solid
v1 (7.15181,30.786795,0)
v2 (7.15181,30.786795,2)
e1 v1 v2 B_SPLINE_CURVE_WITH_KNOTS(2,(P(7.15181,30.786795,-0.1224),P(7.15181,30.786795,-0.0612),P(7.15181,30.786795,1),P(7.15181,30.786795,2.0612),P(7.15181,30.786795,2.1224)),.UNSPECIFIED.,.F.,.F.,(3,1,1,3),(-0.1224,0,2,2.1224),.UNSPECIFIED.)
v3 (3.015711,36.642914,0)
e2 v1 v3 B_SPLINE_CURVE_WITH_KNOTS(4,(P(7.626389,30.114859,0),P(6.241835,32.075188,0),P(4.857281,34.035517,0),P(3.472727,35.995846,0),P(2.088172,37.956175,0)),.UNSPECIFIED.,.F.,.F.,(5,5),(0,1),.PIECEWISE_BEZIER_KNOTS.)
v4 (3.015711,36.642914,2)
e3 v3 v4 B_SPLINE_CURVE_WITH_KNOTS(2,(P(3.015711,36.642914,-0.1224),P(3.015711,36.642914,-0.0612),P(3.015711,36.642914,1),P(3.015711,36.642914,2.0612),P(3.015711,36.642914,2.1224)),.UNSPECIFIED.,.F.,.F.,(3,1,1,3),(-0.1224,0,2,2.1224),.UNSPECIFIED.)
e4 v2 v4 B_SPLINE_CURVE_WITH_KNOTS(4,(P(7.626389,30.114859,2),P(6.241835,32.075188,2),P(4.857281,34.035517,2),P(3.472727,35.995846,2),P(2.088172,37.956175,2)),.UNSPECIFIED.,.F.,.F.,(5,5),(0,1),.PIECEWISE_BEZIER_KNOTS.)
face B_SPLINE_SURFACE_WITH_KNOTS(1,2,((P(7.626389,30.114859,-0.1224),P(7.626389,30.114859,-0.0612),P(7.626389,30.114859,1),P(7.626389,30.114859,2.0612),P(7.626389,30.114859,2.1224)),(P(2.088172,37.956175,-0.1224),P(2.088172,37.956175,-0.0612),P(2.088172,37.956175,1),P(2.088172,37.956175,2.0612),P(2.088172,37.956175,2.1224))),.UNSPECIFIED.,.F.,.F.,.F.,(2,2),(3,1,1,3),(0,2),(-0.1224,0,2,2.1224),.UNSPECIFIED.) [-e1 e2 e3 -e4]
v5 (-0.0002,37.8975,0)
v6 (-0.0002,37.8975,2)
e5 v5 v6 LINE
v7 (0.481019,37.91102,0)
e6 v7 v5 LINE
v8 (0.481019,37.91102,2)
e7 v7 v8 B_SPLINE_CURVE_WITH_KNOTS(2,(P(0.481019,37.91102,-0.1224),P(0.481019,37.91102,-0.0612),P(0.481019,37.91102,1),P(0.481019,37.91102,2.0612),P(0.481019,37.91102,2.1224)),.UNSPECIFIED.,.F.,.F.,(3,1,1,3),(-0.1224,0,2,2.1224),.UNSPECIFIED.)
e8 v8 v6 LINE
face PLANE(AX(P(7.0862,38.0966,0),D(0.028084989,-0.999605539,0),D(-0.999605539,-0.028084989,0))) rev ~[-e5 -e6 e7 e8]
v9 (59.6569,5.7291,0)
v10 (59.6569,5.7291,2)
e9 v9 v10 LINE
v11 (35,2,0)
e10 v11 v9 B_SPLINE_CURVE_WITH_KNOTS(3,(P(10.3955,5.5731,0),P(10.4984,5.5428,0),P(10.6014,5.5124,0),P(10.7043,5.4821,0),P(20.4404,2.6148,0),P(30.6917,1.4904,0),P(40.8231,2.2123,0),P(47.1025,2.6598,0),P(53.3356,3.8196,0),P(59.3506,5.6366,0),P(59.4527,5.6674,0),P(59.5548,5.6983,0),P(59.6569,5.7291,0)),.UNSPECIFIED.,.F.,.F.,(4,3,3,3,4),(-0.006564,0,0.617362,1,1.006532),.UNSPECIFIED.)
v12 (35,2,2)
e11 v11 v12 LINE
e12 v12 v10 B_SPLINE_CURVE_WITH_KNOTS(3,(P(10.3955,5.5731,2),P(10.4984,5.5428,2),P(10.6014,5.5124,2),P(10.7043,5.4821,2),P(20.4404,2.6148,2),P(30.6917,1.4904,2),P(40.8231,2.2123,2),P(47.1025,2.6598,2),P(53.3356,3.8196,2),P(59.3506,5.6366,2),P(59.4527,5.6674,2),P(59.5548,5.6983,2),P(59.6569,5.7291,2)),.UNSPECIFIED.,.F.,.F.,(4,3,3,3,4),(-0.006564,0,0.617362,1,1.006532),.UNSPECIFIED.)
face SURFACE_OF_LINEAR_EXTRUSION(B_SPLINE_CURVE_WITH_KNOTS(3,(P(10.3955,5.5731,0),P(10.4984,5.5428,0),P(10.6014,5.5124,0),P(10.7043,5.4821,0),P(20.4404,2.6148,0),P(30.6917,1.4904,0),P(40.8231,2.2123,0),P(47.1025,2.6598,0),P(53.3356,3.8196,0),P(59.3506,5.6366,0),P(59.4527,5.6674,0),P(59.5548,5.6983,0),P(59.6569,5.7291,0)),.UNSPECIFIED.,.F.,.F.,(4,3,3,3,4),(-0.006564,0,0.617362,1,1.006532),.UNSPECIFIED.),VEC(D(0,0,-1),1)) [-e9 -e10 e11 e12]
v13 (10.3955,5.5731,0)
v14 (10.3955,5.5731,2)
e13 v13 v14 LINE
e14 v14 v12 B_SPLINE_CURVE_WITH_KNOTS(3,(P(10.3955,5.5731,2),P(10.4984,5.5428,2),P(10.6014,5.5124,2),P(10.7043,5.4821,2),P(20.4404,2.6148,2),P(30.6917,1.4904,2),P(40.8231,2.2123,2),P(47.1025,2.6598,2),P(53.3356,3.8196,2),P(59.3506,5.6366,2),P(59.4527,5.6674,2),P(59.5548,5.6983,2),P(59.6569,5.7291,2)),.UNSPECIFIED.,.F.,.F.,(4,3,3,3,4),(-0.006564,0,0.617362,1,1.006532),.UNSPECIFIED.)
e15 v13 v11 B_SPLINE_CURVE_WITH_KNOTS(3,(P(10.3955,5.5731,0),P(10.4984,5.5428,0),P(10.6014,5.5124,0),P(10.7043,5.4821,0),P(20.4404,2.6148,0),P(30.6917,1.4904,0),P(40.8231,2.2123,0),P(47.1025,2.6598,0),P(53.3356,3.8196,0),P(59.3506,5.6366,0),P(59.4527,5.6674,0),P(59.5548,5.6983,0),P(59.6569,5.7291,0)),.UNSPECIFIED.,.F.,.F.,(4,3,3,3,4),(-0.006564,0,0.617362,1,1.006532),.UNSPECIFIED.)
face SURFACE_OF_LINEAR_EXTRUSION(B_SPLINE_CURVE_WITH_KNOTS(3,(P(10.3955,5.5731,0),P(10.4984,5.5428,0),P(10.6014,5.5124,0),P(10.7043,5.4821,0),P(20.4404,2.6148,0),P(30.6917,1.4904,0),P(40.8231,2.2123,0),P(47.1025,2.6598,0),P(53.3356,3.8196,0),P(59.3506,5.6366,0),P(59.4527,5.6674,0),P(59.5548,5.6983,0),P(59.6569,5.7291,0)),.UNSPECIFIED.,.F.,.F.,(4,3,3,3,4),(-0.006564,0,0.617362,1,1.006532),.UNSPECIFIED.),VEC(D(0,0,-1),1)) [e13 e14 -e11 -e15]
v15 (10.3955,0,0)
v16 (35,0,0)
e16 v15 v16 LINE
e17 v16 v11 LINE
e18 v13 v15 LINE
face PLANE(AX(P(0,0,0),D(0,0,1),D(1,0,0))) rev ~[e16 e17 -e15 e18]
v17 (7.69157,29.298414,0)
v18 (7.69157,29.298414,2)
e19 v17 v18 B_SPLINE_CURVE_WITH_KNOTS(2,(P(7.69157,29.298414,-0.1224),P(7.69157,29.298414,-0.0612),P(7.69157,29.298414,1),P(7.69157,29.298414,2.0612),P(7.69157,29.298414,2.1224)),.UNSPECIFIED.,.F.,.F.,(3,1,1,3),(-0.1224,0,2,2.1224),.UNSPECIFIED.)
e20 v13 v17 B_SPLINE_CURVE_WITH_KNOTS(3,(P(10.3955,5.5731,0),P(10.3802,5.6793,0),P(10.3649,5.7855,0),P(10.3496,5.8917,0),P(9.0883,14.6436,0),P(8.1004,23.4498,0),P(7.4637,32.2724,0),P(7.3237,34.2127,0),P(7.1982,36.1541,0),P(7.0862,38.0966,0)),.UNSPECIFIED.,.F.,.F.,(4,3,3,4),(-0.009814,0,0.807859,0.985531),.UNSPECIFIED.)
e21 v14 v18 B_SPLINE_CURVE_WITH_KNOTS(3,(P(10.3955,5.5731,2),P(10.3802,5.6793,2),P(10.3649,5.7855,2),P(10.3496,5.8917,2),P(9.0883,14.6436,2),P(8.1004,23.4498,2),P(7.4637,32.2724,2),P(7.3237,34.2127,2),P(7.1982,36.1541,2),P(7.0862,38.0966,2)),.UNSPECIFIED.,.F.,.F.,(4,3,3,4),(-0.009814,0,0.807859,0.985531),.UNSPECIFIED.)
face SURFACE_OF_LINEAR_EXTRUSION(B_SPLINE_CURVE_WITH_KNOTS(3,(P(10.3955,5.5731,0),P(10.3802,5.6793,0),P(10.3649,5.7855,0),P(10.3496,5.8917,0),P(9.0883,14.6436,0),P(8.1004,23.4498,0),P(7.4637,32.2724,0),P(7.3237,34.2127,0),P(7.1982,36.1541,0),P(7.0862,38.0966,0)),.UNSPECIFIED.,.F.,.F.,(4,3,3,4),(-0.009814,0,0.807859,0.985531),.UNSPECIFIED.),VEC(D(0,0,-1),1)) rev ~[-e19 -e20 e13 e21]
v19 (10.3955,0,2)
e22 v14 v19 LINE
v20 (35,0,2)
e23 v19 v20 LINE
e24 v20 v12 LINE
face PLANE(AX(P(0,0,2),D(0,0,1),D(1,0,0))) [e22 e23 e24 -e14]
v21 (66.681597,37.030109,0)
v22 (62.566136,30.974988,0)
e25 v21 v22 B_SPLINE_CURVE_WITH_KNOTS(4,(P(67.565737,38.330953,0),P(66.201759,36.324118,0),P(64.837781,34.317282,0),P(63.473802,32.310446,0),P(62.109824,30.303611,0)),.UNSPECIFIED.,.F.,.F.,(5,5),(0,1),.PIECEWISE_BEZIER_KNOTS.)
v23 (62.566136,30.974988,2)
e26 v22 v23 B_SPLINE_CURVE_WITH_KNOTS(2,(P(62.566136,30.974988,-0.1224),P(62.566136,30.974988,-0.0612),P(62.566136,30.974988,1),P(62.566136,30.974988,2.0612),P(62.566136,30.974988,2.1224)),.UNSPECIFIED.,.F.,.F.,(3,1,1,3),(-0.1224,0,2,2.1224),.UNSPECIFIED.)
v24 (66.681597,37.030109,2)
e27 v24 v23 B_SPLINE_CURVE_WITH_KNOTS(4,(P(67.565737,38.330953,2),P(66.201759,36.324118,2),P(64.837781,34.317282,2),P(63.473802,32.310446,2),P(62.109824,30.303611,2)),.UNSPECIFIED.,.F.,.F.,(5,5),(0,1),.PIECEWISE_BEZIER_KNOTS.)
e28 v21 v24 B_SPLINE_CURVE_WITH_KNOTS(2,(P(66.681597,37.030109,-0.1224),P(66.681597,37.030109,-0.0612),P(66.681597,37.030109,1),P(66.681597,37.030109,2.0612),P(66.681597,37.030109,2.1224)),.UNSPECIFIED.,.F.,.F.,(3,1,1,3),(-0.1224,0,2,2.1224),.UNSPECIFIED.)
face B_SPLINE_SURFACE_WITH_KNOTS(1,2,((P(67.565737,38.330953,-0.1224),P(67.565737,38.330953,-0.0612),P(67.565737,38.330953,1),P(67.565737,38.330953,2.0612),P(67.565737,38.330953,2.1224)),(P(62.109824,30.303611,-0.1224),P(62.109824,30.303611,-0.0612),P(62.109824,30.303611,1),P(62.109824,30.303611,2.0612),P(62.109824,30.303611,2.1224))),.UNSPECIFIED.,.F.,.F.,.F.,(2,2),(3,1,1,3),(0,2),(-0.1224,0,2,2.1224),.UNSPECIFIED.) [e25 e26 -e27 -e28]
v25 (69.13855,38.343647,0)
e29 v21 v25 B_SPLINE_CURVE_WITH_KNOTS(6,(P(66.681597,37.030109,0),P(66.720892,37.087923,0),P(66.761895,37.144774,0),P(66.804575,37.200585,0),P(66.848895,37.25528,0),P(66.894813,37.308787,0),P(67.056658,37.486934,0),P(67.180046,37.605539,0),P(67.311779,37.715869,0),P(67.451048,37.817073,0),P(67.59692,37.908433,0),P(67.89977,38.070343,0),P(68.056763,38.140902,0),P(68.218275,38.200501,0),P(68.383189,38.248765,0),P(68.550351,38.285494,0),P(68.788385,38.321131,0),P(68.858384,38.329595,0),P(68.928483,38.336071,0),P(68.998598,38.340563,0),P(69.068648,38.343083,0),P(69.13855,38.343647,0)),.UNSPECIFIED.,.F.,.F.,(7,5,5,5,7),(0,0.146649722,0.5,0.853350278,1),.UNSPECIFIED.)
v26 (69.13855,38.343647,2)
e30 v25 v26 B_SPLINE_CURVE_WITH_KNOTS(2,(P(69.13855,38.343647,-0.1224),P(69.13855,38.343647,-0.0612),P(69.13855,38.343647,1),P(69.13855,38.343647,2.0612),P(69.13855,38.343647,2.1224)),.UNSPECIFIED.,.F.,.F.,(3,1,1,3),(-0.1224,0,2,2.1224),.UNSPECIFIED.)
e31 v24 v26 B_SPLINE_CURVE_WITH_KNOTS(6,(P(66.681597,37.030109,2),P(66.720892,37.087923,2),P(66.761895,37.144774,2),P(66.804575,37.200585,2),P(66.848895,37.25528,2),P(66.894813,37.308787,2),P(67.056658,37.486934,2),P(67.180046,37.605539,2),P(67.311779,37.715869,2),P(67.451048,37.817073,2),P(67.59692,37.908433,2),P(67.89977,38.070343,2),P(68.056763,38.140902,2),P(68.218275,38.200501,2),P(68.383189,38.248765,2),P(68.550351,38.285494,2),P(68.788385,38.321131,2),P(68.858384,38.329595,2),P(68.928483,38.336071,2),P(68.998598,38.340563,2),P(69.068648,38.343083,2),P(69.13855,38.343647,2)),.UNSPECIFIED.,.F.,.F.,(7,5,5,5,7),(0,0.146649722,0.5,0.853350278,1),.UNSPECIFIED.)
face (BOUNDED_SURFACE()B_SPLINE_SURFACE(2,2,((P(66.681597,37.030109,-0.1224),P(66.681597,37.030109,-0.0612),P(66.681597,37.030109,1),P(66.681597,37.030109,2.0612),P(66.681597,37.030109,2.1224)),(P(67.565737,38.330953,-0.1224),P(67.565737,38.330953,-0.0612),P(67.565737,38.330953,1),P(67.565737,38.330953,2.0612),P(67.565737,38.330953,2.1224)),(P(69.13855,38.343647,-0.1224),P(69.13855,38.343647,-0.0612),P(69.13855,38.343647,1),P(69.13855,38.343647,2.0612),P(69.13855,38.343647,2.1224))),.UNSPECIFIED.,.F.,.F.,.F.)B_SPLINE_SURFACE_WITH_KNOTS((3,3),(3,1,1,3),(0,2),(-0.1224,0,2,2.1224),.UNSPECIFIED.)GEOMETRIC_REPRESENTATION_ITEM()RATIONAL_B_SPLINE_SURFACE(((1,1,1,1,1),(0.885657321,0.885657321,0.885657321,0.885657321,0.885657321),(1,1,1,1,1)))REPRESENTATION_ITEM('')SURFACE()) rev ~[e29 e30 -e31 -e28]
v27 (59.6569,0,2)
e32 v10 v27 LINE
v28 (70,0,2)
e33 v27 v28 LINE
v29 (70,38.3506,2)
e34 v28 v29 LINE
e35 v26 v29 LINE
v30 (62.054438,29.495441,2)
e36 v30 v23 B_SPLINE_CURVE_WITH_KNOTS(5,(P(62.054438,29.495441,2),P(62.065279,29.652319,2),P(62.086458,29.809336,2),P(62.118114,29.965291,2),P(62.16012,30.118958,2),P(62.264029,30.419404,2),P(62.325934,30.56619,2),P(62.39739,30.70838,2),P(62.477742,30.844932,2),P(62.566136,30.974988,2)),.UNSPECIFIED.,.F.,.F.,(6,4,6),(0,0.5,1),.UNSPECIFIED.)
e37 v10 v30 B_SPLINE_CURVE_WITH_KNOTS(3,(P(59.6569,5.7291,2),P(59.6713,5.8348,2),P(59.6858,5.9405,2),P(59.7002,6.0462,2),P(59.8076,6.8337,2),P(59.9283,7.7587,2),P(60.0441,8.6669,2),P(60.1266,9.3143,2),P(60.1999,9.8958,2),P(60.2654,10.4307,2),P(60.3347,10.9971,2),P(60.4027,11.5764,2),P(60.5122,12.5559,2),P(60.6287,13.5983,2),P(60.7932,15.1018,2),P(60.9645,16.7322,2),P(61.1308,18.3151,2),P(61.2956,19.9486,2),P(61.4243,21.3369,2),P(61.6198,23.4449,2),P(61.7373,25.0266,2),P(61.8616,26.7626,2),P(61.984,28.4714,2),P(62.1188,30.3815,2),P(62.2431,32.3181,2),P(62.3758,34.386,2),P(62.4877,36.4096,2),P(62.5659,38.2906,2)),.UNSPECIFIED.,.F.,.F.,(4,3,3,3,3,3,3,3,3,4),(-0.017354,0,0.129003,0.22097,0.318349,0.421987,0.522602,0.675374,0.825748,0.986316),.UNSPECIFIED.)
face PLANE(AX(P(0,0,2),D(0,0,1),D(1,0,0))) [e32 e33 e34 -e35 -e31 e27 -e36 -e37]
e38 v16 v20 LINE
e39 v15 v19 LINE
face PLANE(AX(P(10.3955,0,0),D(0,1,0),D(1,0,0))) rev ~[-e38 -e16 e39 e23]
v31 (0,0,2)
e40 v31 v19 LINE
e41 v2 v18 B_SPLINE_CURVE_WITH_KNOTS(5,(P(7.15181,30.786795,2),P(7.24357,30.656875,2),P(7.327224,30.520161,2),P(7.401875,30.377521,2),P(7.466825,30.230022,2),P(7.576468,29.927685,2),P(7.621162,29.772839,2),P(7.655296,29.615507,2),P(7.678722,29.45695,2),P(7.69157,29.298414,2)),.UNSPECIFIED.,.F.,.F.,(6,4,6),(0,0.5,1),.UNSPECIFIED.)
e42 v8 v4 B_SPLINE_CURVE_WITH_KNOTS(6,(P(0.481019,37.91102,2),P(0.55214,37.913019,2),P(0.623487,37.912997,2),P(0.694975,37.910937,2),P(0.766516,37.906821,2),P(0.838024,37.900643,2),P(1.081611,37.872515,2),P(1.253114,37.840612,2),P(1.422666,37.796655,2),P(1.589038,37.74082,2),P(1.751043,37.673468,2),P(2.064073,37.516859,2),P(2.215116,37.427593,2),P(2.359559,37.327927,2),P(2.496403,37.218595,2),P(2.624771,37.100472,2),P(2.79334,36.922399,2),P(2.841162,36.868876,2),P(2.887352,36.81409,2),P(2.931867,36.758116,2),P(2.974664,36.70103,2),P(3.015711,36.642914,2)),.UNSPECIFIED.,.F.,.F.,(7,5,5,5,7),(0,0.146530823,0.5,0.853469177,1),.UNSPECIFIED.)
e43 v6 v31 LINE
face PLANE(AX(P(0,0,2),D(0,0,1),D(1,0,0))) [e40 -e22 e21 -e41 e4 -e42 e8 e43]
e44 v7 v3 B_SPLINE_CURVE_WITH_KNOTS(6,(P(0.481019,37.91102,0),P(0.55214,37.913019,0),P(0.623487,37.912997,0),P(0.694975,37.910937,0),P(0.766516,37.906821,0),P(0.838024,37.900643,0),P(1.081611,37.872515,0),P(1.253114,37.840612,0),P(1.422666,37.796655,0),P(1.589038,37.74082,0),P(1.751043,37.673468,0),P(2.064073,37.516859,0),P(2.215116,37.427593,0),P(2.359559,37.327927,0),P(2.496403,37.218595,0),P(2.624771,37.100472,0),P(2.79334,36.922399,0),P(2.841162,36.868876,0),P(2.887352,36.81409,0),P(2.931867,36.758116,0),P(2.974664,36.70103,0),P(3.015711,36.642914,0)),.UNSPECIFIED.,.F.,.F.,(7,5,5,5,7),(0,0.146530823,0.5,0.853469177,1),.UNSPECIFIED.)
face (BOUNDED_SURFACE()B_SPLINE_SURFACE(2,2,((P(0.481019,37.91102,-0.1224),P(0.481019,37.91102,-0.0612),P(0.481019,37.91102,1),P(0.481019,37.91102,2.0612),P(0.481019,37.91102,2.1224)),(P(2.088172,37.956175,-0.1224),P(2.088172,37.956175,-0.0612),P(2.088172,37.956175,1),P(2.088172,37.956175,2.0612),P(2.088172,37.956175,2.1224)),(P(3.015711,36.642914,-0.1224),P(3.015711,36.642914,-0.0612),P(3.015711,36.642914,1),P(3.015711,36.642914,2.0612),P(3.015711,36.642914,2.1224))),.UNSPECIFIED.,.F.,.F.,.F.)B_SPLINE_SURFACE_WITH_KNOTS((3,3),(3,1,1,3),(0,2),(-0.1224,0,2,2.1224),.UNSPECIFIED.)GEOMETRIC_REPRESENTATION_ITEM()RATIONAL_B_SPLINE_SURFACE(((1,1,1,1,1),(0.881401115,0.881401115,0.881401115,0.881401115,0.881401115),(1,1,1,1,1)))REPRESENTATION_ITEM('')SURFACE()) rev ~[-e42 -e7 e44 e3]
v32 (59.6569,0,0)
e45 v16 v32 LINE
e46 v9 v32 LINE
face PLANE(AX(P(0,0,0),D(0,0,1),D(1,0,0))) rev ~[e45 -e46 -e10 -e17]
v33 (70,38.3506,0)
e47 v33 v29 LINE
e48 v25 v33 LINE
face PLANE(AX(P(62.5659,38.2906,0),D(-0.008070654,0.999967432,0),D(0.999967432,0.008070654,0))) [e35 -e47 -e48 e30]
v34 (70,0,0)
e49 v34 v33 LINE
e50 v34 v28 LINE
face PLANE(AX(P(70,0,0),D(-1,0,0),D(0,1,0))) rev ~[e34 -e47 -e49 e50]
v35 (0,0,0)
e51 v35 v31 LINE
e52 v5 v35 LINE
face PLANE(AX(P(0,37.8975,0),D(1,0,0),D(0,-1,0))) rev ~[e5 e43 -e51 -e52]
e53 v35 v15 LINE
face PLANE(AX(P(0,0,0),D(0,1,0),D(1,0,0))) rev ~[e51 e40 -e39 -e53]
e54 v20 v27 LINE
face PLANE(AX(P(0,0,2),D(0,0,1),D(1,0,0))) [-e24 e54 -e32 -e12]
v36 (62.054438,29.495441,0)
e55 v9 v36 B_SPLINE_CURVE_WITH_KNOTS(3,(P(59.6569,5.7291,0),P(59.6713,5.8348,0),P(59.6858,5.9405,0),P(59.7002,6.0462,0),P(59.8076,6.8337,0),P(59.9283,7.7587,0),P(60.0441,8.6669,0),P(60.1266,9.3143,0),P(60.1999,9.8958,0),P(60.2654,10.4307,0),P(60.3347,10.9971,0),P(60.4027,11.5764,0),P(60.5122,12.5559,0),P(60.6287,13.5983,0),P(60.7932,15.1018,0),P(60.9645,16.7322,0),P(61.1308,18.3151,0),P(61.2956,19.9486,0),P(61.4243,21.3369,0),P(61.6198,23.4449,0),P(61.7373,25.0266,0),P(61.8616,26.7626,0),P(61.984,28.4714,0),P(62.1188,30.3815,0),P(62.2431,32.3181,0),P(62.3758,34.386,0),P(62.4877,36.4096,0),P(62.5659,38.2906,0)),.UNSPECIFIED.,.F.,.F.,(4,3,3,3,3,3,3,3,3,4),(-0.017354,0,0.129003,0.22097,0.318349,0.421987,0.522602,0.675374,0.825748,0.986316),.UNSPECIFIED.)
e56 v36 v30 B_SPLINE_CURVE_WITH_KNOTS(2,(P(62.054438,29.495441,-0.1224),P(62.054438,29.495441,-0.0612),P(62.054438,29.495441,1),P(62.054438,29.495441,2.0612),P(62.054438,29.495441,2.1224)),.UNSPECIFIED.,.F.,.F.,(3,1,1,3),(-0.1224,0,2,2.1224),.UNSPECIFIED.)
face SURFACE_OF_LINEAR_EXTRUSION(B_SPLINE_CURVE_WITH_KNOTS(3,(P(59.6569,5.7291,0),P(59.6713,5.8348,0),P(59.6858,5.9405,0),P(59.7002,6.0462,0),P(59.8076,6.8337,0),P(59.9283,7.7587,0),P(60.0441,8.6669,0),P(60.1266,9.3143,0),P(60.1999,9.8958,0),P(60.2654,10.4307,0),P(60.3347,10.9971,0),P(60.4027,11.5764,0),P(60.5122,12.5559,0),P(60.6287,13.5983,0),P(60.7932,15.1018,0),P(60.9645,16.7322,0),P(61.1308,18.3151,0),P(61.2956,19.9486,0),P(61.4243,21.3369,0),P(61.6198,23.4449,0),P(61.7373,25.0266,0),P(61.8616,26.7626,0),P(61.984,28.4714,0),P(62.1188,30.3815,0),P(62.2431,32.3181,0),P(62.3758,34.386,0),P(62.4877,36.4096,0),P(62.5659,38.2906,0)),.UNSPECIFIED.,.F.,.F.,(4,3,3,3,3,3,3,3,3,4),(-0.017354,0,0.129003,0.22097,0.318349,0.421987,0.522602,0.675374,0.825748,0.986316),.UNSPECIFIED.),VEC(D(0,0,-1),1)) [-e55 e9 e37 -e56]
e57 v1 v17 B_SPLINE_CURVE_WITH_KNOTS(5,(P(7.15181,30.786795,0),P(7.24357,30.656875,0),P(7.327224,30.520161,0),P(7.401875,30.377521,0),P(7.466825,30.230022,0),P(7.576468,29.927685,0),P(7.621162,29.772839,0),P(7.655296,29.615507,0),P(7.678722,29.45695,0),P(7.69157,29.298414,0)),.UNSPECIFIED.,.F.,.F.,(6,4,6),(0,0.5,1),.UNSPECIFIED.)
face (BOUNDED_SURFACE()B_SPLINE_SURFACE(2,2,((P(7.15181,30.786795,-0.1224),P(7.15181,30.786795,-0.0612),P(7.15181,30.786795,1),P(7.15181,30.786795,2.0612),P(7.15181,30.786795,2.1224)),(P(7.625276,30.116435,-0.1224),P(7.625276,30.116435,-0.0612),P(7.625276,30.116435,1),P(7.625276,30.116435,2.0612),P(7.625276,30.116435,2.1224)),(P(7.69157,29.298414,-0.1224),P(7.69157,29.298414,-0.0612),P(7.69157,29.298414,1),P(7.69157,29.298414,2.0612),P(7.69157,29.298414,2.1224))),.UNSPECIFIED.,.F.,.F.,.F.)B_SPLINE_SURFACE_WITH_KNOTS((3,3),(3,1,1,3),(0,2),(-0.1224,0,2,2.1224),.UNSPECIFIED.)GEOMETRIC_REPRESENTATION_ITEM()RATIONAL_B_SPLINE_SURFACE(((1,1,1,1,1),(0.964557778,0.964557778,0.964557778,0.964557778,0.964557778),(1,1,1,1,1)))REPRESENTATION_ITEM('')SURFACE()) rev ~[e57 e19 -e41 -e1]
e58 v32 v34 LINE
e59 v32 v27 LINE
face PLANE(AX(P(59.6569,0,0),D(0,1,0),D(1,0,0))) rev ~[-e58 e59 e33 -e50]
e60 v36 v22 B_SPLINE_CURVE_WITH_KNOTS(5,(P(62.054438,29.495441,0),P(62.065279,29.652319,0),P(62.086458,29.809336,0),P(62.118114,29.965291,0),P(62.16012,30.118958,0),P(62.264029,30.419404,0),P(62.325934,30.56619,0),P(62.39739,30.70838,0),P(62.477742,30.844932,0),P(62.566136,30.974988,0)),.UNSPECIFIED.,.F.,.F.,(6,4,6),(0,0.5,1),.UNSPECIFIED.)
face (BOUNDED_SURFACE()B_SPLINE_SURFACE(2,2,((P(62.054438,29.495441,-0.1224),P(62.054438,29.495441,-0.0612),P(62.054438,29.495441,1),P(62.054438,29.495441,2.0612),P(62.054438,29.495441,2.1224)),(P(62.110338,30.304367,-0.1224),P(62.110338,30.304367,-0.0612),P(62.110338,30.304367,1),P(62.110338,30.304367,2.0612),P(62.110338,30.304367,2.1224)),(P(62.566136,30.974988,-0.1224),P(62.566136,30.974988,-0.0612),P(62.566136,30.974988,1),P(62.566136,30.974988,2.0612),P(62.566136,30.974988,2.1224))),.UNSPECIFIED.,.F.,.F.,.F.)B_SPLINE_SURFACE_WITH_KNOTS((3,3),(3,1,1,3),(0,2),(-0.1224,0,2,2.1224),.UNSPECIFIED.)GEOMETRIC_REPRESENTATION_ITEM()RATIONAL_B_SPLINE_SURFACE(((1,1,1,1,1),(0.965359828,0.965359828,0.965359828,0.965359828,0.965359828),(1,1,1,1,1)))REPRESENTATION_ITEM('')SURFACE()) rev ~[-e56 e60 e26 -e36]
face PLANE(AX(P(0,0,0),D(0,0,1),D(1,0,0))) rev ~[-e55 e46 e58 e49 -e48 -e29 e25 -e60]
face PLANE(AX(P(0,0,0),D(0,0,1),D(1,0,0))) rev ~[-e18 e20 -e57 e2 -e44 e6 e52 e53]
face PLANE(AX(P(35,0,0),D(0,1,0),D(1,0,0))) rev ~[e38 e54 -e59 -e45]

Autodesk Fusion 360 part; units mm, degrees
sketch "Sketch1" plane through (0, 0, 0) normal (0, 0, 1) x (1, 0, 0)
  line L0 (0, 0) -> (70, 0)
  line L1 (70, 0) -> (70, 70)
  line L2 (70, 70) -> (0, 70)
  line L3 (0, 70) -> (0, 0)
  line L4 (35, 0) -> (35, 2)
  line L5 (7.0862, 38.0966) -> (-0.0002, 37.8975)
  spline S0 degree 3 poles (10.3955, 5.5731) (10.3802, 5.6793) (10.3649, 5.7855) (10.3496, 5.8917) (9.0883, 14.6436) (8.1004, 23.4498) (7.4637, 32.2724) (7.3237, 34.2127) (7.1982, 36.1541) (7.0862, 38.0966) knots -0.009814 -0.009814 -0.009814 -0.009814 0 0 0 0.807859 0.807859 0.807859 0.985531 0.985531 0.985531 0.985531
  spline S1 degree 3 poles (10.3955, 5.5731) (10.4984, 5.5428) (10.6014, 5.5124) (10.7043, 5.4821) (20.4404, 2.6148) (30.6917, 1.4904) (40.8231, 2.2123) (47.1025, 2.6598) (53.3356, 3.8196) (59.3506, 5.6366) (59.4527, 5.6674) (59.5548, 5.6983) (59.6569, 5.7291) knots -0.006564 -0.006564 -0.006564 -0.006564 0 0 0 0.617362 0.617362 0.617362 1 1 1 1.006532 1.006532 1.006532 1.006532
  spline S2 degree 3 poles (59.6569, 5.7291) (59.6713, 5.8348) (59.6858, 5.9405) (59.7002, 6.0462) (59.8076, 6.8337) (59.9283, 7.7587) (60.0441, 8.6669) (60.1266, 9.3143) (60.1999, 9.8958) (60.2654, 10.4307) (60.3347, 10.9971) (60.4027, 11.5764) (60.5122, 12.5559) (60.6287, 13.5983) (60.7932, 15.1018) (60.9645, 16.7322) (61.1308, 18.3151) (61.2956, 19.9486) (61.4243, 21.3369) (61.6198, 23.4449) (61.7373, 25.0266) (61.8616, 26.7626) (61.984, 28.4714) (62.1188, 30.3815) (62.2431, 32.3181) (62.3758, 34.386) (62.4877, 36.4096) (62.5659, 38.2906) knots -0.017354 -0.017354 -0.017354 -0.017354 0 0 0 0.129003 0.129003 0.129003 0.22097 0.22097 0.22097 0.318349 0.318349 0.318349 0.421987 0.421987 0.421987 0.522602 0.522602 0.522602 0.675374 0.675374 0.675374 0.825748 0.825748 0.825748 0.986316 0.986316 0.986316 0.986316
  line L6 (62.5659, 38.2906) -> (70, 38.3506)
  line L7 (10.3955, 5.5731) -> (10.3955, 0)
  line L8 (59.6569, 5.7291) -> (59.6569, 0)
  dimension "d2" = 70
  dimension "d3" = 70
  dimension "d4" = 2
extrude "Extrude1" add sketch "Sketch1" along normal blind 2 contours L0 L3 L5 S0 L7 | L0 L4 S1 L7 | L0 L4 S1 L8 | L0 L1 S2 L6 L8
chamfer "Chamfer2" distance 5 distance2 8 1 edges at (62.5659, 38.2906, 1) measured on face at (65.0439, 38.3106, 0.6667)
chamfer "Chamfer2" distance 8 distance2 5 1 edges at (7.0862, 38.0966, 1) measured on face at (9.6377, 11.0613, 0.6667)
fillet "Fillet3" radius 3 4 edges at (67.5657, 38.3309, 1) (62.1098, 30.3036, 1) (7.6264, 30.1149, 1) (2.0882, 37.9562, 1)
equation "Box_width = 70 mm"
equation "d2 = Box_width"
equation "d3 = Box_width"
